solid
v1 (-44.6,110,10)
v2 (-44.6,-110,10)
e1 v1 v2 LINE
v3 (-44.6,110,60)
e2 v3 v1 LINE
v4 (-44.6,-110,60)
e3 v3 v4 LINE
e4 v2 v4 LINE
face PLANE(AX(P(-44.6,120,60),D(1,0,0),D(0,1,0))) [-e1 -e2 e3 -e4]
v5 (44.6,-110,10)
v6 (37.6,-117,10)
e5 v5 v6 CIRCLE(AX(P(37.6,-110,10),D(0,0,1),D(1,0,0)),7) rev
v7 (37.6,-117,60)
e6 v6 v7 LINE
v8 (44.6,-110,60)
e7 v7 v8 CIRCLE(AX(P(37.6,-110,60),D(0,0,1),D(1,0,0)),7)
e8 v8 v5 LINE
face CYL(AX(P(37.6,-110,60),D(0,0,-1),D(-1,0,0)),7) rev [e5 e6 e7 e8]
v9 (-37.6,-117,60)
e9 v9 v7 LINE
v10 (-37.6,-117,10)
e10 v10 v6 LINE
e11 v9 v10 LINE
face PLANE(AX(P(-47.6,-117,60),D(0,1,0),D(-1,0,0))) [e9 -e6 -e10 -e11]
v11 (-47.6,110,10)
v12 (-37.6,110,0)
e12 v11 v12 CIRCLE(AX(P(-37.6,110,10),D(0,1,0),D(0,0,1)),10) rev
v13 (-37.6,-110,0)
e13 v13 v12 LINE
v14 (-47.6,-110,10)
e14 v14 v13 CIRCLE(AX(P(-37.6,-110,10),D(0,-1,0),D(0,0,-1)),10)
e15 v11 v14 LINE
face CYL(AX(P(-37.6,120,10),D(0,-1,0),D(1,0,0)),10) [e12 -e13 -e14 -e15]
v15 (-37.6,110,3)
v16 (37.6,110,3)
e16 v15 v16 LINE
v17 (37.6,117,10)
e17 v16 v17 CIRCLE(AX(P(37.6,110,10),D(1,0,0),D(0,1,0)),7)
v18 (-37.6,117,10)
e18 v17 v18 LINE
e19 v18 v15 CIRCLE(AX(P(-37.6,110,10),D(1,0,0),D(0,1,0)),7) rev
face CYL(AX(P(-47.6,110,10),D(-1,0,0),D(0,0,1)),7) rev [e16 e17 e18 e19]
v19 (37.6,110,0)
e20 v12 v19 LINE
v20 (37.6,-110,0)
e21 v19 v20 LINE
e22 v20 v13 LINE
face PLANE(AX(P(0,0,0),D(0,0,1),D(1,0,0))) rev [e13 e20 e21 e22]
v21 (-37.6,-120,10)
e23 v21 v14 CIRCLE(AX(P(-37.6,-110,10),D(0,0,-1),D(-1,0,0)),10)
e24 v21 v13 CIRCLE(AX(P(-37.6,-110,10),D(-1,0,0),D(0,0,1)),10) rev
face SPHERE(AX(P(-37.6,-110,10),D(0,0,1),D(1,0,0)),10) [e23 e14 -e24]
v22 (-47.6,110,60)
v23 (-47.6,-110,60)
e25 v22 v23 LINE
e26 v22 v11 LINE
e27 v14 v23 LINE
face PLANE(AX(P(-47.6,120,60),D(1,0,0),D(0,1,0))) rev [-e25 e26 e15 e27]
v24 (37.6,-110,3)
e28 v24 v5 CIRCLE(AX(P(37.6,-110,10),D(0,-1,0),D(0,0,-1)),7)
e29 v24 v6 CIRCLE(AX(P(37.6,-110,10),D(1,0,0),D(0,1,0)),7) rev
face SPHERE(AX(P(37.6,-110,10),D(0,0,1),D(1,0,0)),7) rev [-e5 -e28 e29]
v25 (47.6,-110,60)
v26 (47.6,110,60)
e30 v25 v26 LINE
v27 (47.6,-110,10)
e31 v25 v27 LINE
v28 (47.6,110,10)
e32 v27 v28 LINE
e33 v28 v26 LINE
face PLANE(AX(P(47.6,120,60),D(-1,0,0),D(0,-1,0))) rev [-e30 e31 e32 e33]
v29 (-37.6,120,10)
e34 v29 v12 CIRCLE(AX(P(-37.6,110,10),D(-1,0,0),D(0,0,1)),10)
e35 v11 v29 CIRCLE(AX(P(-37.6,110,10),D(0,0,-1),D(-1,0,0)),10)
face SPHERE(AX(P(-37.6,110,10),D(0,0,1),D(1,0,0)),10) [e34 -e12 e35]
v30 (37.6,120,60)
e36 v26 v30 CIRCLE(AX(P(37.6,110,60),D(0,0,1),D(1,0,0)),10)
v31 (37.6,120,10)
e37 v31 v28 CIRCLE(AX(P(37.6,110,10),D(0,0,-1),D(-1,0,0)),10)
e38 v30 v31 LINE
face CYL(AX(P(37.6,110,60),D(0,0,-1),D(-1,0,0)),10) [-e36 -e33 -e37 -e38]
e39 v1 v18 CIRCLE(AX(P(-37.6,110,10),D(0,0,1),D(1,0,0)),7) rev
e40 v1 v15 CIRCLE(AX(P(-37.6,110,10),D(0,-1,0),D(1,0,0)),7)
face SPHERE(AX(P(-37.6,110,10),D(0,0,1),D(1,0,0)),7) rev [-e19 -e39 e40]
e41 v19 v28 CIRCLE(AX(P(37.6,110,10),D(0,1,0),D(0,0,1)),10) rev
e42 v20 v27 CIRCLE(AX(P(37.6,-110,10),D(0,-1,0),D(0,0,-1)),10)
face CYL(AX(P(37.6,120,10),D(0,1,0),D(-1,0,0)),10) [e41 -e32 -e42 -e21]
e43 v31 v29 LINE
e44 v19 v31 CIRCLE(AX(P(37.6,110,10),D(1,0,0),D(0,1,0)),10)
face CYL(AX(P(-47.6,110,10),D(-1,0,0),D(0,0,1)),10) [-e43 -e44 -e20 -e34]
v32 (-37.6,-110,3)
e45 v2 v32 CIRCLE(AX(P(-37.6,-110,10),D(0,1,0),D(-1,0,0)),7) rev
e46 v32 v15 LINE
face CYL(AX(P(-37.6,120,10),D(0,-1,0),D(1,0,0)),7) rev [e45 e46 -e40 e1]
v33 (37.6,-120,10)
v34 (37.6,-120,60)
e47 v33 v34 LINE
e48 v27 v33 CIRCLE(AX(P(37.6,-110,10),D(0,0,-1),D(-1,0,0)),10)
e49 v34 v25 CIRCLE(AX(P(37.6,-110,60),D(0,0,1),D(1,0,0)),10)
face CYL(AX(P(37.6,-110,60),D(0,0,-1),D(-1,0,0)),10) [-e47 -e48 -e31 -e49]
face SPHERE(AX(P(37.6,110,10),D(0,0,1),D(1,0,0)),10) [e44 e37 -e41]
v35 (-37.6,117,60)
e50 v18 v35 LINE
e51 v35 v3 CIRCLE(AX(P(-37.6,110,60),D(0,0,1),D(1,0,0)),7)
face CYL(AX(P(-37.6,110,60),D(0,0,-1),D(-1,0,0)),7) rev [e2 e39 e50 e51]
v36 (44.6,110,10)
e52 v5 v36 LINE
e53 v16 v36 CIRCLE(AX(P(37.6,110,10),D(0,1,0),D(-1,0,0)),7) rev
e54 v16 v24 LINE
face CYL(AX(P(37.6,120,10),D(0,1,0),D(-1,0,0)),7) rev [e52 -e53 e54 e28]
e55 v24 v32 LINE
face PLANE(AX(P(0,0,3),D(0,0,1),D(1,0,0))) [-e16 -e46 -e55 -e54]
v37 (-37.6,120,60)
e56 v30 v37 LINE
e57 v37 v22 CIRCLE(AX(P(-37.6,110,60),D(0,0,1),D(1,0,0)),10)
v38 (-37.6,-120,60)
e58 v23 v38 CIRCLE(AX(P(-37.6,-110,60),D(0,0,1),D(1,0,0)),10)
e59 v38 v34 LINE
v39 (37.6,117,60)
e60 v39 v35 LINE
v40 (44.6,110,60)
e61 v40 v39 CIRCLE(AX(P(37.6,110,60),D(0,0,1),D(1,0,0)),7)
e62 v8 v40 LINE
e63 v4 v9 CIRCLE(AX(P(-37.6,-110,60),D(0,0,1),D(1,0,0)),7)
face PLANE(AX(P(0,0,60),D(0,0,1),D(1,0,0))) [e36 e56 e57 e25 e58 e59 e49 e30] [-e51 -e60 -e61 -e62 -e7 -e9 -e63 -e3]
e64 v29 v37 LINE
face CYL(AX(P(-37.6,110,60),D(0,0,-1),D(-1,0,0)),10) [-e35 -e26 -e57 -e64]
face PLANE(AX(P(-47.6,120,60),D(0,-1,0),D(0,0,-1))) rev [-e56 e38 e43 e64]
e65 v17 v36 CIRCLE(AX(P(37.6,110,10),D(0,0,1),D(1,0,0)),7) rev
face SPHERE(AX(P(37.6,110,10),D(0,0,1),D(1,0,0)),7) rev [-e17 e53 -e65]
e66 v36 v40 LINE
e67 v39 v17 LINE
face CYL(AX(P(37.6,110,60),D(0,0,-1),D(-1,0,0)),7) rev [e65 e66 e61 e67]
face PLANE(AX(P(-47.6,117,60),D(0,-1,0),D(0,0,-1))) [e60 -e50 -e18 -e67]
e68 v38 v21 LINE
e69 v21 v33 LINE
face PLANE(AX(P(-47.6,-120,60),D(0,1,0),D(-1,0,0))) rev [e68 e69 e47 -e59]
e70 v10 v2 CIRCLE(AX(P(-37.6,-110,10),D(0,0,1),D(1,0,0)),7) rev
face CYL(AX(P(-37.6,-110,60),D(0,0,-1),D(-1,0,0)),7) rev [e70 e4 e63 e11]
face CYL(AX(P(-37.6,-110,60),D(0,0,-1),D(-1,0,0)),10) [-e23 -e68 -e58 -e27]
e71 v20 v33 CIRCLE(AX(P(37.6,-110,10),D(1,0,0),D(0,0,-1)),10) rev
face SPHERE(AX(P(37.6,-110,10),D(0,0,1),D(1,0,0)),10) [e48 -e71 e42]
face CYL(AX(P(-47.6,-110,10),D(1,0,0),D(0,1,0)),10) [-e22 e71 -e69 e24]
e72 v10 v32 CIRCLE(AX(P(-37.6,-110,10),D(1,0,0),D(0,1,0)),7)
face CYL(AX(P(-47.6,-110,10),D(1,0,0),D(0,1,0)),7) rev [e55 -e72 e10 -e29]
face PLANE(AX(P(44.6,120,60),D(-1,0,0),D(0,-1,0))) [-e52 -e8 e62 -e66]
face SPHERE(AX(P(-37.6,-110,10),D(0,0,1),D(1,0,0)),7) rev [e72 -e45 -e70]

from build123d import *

# Parameters (mm, degrees)
CROQUIS1_W              = 95.2
CROQUIS1_H              = 240
SALIENTE_EXTRUIR1_DEPTH = 60
REDONDEO1_R             = 10
VACIADO1_T              = -3


with BuildPart() as part:
    # Croquis1 → Saliente-Extruir1 (new body)
    with BuildSketch(Plane.XY):
        Rectangle(CROQUIS1_W, CROQUIS1_H)
    extrude(amount=SALIENTE_EXTRUIR1_DEPTH)

    # Redondeo1
    redondeo1_edges = [part.edges().sort_by_distance(p)[0] for p in [
        (0, 120, 0),
        (47.6, 0, 0),
        (0, -120, 0),
        (-47.6, 0, 0),
        (-47.6, 120, 30),
        (47.6, 120, 30),
        (47.6, -120, 30),
        (-47.6, -120, 30),
    ]]
    fillet(redondeo1_edges, radius=REDONDEO1_R)

    # Vaciado1
    vaciado1_openings = [part.faces().sort_by_distance(p)[0] for p in [
        (0, 0, 60),
    ]]
    offset(amount=VACIADO1_T, openings=vaciado1_openings, kind=Kind.INTERSECTION)


solid = part.part
